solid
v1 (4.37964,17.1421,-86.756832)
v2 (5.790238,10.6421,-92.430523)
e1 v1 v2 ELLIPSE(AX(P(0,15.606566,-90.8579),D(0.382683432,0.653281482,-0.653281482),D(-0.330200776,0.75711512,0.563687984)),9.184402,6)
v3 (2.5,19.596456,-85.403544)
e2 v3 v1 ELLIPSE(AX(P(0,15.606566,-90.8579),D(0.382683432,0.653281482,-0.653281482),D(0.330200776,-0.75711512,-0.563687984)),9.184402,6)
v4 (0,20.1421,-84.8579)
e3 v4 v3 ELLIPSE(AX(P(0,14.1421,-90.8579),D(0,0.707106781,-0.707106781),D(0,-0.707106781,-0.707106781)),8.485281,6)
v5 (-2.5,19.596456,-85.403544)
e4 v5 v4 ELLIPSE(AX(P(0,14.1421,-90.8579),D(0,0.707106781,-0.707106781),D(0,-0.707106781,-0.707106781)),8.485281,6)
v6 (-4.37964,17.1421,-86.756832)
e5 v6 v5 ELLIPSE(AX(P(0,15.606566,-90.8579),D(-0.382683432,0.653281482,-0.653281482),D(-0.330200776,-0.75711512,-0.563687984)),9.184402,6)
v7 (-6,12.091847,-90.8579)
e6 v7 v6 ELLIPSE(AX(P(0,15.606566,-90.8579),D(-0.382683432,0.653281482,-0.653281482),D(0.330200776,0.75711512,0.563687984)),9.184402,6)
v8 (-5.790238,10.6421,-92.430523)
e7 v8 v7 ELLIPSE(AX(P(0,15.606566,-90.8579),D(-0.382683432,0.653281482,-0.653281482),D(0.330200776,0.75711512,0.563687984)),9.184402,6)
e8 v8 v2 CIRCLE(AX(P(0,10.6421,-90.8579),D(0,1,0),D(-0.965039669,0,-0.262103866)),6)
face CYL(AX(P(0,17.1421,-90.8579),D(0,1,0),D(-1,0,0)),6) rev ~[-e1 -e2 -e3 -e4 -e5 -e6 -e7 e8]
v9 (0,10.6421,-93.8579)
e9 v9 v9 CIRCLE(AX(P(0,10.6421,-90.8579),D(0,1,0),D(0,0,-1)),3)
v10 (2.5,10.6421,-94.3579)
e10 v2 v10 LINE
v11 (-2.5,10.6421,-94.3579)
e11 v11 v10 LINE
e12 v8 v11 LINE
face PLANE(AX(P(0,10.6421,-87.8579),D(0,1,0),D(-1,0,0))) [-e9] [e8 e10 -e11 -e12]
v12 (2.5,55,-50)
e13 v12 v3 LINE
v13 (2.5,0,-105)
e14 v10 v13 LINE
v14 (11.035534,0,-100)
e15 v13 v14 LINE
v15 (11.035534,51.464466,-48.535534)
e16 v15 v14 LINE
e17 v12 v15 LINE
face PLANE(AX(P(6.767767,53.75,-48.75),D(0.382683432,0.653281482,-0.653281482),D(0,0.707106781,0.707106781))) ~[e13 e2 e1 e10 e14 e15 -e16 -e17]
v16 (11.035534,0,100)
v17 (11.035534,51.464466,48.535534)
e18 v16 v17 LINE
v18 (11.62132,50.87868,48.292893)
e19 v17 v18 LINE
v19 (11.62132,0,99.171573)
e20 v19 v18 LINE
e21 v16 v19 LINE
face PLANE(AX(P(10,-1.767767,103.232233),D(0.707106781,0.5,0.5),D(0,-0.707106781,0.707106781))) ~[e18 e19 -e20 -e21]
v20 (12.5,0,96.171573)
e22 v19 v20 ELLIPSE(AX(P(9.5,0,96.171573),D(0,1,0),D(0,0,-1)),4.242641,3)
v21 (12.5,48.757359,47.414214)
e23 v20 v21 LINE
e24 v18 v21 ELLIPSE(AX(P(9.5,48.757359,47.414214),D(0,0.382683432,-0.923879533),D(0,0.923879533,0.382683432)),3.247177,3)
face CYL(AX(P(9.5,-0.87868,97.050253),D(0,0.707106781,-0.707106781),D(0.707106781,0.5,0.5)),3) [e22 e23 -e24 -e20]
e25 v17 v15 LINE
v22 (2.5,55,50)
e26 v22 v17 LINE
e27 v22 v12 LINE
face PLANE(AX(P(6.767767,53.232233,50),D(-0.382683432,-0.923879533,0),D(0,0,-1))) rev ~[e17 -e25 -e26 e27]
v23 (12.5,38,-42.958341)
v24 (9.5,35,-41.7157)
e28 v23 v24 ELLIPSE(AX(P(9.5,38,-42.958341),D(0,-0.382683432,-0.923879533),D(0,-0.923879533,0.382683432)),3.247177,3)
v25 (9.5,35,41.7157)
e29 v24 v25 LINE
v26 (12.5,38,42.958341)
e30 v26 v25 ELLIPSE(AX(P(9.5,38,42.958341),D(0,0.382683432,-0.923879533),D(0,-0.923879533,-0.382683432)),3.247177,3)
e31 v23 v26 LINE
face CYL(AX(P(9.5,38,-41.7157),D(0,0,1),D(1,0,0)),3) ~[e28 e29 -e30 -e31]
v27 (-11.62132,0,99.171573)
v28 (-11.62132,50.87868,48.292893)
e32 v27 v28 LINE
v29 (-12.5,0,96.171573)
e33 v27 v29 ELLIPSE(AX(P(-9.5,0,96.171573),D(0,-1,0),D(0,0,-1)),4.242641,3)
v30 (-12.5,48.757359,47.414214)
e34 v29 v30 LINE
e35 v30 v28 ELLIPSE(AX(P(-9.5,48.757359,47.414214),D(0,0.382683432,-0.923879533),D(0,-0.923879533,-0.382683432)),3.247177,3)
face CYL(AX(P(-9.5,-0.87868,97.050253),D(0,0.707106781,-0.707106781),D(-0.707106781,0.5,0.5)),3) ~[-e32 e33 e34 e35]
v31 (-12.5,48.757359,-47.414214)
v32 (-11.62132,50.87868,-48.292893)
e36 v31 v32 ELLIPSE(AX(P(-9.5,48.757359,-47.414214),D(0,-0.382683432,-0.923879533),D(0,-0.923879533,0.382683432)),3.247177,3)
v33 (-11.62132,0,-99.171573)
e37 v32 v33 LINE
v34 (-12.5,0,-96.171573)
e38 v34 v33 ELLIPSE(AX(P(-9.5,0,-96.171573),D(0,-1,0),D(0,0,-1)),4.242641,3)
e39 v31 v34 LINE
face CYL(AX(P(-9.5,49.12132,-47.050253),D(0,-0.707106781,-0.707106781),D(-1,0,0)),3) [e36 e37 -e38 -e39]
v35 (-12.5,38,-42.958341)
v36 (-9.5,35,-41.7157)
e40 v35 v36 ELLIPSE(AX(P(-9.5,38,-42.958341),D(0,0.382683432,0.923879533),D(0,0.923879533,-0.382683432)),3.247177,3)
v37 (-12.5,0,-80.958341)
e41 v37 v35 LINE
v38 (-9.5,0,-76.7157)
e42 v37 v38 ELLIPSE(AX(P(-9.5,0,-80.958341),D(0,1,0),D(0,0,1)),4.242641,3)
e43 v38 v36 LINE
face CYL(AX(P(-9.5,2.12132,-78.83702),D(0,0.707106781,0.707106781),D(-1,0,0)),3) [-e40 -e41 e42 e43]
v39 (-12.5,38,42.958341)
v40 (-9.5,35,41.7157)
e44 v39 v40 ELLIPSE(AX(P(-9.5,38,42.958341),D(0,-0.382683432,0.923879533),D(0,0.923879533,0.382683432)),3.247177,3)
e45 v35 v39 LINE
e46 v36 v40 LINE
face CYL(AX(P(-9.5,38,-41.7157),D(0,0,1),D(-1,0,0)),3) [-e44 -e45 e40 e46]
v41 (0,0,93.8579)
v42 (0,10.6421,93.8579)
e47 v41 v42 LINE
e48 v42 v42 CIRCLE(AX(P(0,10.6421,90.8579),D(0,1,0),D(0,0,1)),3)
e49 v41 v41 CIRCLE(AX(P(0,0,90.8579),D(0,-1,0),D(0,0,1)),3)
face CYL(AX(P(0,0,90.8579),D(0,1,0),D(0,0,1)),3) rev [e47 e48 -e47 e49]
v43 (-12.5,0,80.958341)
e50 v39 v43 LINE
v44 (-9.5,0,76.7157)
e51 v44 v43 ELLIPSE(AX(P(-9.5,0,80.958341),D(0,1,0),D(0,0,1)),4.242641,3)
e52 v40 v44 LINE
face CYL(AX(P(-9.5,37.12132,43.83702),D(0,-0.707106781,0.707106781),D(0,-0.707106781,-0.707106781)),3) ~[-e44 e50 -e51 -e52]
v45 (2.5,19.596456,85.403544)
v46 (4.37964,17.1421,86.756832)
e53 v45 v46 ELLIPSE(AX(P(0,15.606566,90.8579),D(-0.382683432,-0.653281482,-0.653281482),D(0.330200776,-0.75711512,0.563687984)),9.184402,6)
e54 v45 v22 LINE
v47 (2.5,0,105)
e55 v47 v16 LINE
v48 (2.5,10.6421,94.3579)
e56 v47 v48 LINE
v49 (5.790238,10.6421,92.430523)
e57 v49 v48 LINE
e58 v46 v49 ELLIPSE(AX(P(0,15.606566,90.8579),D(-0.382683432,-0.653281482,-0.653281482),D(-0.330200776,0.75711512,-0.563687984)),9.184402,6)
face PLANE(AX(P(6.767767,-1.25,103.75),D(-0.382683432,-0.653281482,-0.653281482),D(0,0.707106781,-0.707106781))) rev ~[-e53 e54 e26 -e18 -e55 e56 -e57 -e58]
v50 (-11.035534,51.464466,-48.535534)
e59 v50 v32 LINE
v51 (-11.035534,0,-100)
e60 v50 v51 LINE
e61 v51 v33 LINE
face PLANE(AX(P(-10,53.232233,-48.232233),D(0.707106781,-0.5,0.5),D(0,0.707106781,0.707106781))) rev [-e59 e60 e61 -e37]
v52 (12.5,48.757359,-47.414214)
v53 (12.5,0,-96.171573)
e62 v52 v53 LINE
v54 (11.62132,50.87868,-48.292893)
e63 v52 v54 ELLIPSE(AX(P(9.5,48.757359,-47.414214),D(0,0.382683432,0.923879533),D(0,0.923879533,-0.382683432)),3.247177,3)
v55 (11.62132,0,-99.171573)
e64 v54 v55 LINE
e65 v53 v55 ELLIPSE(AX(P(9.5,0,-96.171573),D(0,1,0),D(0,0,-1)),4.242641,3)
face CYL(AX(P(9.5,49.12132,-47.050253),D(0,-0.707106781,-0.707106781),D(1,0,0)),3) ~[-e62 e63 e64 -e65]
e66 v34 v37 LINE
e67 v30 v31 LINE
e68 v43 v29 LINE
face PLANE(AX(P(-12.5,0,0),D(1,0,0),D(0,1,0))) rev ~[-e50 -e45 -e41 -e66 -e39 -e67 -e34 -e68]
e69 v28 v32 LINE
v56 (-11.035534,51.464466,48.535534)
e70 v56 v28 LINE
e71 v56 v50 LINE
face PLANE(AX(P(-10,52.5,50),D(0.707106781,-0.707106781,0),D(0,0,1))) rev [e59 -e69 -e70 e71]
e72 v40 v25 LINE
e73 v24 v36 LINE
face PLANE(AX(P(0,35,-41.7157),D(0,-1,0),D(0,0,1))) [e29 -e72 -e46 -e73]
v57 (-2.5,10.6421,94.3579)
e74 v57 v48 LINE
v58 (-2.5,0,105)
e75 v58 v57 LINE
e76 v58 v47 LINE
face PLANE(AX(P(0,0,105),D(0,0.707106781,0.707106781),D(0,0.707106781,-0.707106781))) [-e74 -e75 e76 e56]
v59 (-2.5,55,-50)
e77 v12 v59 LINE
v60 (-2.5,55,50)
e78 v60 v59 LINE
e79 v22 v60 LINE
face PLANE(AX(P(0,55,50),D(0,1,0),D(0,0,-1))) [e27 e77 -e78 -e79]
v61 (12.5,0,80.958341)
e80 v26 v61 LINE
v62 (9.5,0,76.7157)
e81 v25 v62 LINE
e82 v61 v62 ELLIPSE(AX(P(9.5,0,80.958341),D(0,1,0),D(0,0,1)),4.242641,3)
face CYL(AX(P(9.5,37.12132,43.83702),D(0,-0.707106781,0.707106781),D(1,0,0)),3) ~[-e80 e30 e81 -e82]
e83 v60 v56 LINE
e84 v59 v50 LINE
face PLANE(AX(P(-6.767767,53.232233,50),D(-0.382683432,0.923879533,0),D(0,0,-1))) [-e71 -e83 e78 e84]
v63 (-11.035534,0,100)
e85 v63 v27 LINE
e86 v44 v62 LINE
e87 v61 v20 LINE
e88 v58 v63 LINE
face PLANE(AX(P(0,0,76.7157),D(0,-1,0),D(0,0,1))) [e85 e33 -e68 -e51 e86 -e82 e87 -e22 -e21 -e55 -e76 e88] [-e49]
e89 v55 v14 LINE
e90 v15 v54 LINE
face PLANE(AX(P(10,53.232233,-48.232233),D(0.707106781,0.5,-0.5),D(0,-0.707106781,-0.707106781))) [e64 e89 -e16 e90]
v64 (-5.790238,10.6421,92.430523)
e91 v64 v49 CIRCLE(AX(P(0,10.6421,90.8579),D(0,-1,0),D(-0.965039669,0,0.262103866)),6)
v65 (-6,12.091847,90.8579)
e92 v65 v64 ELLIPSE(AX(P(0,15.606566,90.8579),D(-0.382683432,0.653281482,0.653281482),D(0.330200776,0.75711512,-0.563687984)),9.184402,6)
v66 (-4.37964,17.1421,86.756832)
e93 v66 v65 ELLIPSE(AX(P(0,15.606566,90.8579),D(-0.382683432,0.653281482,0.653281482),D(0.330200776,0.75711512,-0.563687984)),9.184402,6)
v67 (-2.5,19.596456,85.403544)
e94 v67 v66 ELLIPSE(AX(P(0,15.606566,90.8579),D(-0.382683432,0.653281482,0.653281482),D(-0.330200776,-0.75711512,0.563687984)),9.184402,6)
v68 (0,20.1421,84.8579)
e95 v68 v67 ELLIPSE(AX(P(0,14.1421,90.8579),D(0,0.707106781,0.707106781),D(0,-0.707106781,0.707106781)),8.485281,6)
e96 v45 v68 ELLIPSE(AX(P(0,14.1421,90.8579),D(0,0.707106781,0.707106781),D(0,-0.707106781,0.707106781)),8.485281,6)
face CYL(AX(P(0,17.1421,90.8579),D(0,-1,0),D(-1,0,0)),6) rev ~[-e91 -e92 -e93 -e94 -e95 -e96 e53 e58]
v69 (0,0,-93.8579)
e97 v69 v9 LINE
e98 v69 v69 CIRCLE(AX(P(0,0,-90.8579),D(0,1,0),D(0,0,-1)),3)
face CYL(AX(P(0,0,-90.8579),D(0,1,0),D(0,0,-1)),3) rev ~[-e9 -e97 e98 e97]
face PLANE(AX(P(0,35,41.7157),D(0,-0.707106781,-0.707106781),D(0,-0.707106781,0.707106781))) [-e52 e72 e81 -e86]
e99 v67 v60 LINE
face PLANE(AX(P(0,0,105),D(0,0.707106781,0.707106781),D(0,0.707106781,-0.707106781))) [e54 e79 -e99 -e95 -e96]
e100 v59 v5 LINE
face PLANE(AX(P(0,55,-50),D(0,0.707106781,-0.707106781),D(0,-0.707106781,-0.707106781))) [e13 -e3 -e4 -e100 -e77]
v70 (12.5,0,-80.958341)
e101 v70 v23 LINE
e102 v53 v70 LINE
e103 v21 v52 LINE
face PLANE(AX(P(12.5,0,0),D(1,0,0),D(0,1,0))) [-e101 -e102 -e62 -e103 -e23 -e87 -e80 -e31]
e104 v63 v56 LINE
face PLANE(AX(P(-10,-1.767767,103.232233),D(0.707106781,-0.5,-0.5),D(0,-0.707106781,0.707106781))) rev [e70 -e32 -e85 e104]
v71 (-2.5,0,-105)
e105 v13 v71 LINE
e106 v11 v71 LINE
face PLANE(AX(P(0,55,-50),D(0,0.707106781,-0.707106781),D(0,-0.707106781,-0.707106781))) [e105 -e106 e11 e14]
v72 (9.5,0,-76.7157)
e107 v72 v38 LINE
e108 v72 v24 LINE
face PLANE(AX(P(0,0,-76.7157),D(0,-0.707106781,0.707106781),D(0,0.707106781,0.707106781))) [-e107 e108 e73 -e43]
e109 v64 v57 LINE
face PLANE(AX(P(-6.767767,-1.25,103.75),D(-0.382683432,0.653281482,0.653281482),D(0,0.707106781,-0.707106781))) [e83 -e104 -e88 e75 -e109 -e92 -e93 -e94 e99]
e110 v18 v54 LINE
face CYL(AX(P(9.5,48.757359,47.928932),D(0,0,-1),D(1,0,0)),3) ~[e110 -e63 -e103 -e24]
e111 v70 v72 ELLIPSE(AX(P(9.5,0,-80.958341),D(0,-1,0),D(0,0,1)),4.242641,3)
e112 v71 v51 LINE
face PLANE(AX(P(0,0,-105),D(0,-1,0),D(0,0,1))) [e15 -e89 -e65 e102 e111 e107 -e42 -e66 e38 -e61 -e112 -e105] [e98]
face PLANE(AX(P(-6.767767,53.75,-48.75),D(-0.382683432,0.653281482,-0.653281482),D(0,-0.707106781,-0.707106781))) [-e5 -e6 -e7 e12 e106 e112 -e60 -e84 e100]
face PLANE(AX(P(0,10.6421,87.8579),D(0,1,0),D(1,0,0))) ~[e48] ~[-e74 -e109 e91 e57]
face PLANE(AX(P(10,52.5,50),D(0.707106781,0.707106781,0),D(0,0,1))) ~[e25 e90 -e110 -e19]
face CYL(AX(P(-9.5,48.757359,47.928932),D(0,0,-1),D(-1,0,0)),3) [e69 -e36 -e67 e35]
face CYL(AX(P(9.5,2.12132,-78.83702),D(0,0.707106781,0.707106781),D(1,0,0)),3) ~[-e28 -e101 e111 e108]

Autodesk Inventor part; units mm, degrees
ref_plane "YZ Plane" through (0, 0, 0) normal (1, 0, 0) x (0, 1, 0)
ref_plane "XY Plane" through (0, 0, 0) normal (0, 0, 1) x (1, 0, 0)
sketch "Sketch1" plane through (0, 0, 0) normal (1, 0, 0) x (0, 1, 0)
  line L0 (0, 105) -> (55, 50)
  line L1 (55, 50) -> (55, -50)
  line L2 (55, -50) -> (0, -105)
  line L3 (0, 105) -> (0, -115) construction
  line L4 (0, -76.7157) -> (35, -41.7157)
  line L5 (35, -41.7157) -> (35, 41.7157)
  line L6 (35, 41.7157) -> (0, 76.7157)
  line L7 (0, -115) -> (0, -76.7157)
  line L8 (0, 76.7157) -> (0, 105)
  point P0 (0, 0)
  point P1 (55, 0)
  point P2 (0, -5)
  point P3 (35, 0)
  point P4 (0, -105)
  dimension "d0" = 210
  dimension "d2" = 45
  dimension "d3" = 20
  dimension "d4" = 35
  dimension "d5" = 20
extrude "Extrusion1" add sketch "Sketch1" along normal mid plane 25
chamfer "Chamfer1" distance 5 angle 45 6 edges at (-12.5, 27.5, -77.5) (-12.5, 55, 0) (-12.5, 27.5, 77.5) (12.5, 27.5, 77.5) (12.5, 55, 0) (12.5, 27.5, -77.5)
chamfer "Chamfer2" distance 5 angle 45 6 edges at (7.5, 27.5, 77.5) (-7.5, 27.5, 77.5) (-7.5, 55, 0) (7.5, 55, 0) (7.5, 27.5, -77.5) (-7.5, 27.5, -77.5)
fillet "Fillet1" radius 3 6 edges at (12.5, 25, 72.9289) (12.5, 50, 0) (12.5, 25, -72.9289) (-12.5, 25, -72.9289) (-12.5, 50, 0) (-12.5, 25, 72.9289)
fillet "Fillet2" radius 3 6 edges at (-12.5, 17.5, -59.2157) (-12.5, 35, 0) (-12.5, 17.5, 59.2157) (12.5, 17.5, 59.2157) (12.5, 35, 0) (12.5, 17.5, -59.2157)
sketch "Sketch2" plane through (-2.5, 0, 105) normal (0, -1, 0) x (1, 0, 0)
  line L0 (-7, -181.7157) -> (12, -181.7157) projected
  line L1 (0, -210) -> (5, -210) projected
  point P0 (2.5, -105)
  point P1 (2.5, -195.8579)
  point P2 (2.5, -181.7157)
  point P3 (2.5, -181.7157)
  point P4 (2.5, -210)
  dimension "d20" = 14.1421
  dimension "d22" = 28.2843
hole "Hole1" at (0, 0, -90.8579) direction (0, 1, 0) diameter 6 end through all
ref_plane "Work Plane3" through (0, 17.1421, -87.8579) normal (0, 1, 0) x (-1, 0, 0)
sketch "Sketch6" plane through (0, 17.1421, -87.8579) normal (0, 1, 0) x (-1, 0, 0)
  arc A0 (-2.5, -4.6583) -> (2.5, -4.6583) centre (0, -3) ccw projected
  circle A1 centre (0, -3) radius 6
  point P0 (0, 87.8579)
  dimension "d37" = 12
extrude "Extrusion4" cut sketch "Sketch6" along normal blind 3 and the other way blind 6.5
mirror "Mirror2" about plane through (0, 0, 0) normal (0, 0, 1) of "Extrusion4", "Hole1"
equation "\"d20\" = 0.5 * d22"
properties part number "Handle"
